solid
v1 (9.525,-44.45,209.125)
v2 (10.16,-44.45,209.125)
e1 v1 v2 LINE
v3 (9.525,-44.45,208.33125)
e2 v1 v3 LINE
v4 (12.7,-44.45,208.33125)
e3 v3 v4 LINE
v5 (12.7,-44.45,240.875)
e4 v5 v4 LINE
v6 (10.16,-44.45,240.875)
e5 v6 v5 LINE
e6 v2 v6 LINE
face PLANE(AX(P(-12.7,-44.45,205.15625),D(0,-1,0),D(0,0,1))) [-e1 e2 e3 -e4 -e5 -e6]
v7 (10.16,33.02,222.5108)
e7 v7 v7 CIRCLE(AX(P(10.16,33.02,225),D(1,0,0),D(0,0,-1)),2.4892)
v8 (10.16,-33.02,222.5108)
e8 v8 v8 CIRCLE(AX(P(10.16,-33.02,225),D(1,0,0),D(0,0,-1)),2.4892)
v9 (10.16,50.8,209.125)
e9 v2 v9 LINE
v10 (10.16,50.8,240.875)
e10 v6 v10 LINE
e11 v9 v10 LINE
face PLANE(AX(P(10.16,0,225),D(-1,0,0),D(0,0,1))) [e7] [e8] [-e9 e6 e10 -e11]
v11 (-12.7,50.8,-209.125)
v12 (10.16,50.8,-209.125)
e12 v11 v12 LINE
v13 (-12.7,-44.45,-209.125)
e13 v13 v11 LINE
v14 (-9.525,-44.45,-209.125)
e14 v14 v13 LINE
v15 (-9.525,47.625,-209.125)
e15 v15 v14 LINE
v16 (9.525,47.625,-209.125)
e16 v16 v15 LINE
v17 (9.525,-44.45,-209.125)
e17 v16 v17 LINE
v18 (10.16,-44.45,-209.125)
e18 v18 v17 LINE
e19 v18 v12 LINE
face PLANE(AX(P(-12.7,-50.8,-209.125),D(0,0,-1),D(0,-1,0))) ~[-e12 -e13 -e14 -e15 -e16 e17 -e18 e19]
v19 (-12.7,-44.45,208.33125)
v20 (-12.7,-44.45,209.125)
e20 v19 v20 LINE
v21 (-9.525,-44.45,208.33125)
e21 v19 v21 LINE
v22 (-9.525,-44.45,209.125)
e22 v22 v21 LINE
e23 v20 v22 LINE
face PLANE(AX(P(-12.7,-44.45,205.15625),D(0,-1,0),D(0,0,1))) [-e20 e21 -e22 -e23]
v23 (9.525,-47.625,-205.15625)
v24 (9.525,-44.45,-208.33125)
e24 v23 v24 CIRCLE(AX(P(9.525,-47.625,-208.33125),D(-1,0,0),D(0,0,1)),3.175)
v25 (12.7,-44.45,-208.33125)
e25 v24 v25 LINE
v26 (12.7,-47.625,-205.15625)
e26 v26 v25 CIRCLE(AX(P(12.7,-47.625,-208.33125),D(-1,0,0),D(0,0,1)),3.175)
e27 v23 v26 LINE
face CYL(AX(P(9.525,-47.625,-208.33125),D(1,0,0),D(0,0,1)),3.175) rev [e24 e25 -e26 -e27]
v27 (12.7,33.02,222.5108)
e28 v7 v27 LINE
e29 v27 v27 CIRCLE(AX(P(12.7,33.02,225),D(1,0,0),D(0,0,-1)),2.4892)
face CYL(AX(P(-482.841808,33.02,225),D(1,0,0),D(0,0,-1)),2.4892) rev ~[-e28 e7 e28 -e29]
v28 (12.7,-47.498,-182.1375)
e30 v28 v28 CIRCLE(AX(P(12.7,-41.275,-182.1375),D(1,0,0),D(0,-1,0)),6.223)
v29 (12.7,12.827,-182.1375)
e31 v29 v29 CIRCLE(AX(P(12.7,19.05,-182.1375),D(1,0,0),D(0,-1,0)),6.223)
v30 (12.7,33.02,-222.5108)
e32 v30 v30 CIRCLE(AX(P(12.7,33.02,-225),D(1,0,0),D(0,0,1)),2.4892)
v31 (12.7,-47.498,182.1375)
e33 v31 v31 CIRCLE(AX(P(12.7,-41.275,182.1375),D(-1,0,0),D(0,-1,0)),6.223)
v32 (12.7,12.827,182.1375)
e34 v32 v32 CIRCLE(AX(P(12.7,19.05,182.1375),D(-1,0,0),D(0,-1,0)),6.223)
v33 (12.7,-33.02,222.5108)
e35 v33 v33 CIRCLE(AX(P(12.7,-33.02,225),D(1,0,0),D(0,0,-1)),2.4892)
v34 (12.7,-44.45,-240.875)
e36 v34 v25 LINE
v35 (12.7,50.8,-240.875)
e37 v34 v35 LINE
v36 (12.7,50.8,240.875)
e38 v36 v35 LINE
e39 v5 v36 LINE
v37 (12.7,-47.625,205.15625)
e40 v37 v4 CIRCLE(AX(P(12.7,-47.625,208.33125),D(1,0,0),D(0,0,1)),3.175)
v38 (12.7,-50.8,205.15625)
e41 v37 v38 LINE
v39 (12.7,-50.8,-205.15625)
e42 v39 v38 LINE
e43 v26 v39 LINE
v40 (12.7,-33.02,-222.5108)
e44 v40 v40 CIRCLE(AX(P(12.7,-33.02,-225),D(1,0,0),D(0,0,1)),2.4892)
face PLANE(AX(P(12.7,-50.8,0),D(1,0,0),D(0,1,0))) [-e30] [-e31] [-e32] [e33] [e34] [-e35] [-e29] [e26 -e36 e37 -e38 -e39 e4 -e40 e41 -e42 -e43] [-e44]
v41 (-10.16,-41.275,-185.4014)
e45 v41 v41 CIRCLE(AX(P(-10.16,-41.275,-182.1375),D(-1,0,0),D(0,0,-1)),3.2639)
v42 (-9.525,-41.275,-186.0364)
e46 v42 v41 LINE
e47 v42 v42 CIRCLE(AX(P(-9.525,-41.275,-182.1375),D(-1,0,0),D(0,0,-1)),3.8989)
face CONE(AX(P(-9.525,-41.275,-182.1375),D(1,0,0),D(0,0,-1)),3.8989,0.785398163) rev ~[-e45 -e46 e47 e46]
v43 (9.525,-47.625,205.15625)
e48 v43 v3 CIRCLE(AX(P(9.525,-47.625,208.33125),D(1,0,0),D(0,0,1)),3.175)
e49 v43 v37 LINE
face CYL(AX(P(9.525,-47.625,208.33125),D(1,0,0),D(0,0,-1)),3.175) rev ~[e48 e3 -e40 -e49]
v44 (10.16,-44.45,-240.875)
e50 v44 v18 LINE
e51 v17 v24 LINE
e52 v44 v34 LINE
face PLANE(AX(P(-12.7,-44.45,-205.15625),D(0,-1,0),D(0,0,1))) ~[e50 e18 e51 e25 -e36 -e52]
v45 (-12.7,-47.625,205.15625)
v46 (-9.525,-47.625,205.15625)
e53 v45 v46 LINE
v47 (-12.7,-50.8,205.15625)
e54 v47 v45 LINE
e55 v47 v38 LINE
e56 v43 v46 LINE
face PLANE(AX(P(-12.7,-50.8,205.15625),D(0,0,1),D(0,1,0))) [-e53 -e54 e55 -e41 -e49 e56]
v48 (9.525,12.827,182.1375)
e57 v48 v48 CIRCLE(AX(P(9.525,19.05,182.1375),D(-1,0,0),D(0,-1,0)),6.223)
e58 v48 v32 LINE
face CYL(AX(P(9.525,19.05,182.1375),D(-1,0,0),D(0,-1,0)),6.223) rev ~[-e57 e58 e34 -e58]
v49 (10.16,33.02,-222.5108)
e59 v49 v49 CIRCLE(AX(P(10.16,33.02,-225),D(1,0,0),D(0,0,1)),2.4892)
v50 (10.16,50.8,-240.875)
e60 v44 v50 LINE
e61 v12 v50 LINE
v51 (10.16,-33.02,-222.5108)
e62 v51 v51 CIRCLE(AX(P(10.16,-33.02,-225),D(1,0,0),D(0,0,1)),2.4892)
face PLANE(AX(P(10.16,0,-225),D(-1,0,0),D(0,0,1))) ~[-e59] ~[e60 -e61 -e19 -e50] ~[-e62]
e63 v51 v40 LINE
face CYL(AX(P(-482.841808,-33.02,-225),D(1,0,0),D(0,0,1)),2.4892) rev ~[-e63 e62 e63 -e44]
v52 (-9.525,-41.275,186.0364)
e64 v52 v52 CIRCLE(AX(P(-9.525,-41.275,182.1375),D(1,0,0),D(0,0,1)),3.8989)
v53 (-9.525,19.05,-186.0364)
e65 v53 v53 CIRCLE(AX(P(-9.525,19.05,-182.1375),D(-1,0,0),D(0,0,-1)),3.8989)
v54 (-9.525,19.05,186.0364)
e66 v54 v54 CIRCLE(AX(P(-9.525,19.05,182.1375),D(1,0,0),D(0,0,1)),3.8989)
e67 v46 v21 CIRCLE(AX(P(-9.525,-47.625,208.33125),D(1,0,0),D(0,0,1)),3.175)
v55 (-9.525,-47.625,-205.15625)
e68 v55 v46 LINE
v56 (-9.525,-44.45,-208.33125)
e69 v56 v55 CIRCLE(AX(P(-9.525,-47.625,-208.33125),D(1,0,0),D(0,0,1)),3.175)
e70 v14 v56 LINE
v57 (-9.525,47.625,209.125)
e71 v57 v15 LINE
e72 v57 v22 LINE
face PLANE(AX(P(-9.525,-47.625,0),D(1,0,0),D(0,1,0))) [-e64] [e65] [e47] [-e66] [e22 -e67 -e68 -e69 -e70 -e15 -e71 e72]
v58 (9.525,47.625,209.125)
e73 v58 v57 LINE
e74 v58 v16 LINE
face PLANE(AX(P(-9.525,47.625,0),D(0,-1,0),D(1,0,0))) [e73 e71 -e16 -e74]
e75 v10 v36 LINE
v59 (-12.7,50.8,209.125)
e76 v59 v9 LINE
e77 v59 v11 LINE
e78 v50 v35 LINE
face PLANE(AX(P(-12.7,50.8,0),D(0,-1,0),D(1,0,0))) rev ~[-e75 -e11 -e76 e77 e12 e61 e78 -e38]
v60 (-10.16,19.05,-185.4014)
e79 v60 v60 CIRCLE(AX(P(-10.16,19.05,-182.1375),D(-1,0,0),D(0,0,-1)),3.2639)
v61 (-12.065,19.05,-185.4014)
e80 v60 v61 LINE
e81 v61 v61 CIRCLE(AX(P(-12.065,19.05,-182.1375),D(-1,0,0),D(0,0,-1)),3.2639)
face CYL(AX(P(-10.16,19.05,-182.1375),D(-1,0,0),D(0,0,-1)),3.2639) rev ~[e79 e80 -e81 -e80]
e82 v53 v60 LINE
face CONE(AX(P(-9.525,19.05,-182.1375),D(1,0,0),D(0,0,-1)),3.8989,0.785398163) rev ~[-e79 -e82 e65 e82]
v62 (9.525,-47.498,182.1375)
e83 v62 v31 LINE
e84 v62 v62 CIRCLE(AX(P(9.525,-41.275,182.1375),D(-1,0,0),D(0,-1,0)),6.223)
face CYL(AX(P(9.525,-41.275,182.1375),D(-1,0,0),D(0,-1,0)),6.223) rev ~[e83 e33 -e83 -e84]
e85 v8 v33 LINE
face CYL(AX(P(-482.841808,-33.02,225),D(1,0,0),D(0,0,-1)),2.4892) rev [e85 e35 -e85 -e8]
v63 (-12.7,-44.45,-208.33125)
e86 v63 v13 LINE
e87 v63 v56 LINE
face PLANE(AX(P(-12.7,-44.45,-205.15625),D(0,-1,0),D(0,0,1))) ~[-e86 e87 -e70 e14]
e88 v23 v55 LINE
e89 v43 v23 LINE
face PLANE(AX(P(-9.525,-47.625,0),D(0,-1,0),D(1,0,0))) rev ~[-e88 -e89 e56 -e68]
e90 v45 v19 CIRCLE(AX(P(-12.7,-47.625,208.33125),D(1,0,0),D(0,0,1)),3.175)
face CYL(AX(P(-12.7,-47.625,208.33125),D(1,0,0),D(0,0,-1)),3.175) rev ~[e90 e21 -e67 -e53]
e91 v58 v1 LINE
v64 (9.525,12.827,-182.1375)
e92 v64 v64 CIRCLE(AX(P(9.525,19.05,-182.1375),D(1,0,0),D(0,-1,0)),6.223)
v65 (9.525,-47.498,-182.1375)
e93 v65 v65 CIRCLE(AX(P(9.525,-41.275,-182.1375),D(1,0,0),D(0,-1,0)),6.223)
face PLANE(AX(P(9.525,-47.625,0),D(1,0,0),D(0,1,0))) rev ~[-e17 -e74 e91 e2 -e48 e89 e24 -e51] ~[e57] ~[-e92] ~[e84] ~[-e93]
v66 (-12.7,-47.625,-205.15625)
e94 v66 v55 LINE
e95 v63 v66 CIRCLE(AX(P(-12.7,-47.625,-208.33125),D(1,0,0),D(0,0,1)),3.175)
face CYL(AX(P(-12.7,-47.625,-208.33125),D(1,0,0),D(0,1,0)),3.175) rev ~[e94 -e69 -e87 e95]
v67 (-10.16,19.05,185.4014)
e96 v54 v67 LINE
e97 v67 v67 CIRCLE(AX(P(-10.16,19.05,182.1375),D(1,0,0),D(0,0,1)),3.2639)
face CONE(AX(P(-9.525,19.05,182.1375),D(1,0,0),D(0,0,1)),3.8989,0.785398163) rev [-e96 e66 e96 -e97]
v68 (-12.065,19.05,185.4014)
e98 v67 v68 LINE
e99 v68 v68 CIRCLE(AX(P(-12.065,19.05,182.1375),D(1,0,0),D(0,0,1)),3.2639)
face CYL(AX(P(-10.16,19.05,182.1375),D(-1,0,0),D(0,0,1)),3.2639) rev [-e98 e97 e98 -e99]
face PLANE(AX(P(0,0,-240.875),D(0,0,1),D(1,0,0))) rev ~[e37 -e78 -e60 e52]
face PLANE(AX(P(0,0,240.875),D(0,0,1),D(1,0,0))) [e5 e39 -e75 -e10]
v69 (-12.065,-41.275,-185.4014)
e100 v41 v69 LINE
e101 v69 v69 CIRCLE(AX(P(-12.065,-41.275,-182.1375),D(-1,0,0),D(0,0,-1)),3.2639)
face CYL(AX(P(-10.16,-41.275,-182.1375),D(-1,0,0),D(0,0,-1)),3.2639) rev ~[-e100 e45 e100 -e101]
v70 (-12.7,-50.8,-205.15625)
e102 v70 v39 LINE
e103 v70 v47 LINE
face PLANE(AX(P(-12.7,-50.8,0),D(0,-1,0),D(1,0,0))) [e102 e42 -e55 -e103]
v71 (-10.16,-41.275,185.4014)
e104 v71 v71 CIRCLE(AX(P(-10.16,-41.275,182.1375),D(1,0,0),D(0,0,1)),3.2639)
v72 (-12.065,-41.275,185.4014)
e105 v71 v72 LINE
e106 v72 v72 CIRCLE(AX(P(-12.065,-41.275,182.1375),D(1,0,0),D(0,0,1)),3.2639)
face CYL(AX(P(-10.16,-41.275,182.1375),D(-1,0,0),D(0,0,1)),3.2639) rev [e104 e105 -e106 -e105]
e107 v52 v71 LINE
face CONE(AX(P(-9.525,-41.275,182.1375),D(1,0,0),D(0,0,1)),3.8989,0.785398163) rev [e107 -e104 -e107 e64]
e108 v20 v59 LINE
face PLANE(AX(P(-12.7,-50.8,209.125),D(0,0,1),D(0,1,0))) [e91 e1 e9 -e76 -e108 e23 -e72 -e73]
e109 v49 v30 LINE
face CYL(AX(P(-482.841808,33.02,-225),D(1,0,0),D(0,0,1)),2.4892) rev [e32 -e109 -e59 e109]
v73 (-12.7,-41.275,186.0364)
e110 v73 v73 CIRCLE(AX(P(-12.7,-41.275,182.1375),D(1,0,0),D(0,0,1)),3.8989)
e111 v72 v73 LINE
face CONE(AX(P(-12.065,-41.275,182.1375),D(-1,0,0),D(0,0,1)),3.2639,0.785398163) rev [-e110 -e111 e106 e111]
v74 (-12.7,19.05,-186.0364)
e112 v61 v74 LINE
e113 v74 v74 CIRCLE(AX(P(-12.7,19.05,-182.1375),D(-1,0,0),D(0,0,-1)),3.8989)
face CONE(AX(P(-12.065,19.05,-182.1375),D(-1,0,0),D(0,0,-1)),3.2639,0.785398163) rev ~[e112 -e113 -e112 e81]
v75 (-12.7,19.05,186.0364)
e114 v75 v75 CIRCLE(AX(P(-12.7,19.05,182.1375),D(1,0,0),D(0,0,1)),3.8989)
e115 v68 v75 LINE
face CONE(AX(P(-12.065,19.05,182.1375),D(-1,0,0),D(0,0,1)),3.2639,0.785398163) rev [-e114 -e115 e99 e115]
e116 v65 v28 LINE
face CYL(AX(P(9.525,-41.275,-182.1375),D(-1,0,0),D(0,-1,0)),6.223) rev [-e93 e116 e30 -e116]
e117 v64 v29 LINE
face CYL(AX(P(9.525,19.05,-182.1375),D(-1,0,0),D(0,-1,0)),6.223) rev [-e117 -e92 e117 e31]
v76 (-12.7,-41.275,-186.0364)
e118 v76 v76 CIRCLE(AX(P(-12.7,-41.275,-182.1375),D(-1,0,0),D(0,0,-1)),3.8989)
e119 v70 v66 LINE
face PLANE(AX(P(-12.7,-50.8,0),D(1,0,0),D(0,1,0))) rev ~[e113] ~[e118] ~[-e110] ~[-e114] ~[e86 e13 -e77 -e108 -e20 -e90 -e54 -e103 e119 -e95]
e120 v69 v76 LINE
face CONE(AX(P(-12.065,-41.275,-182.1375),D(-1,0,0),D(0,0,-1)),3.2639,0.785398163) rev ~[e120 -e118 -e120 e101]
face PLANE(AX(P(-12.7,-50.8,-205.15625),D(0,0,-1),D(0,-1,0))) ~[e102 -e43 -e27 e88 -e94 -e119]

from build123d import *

# Parameters (mm, degrees)
SKETCH1_W                        = 25.4
SKETCH1_H                        = 101.6
SKETCH1_W_2                      = 19.05
SKETCH1_H_2                      = 95.25
EXTRUDE_THIN1_DEPTH              = 240.875
SKETCH2_W                        = 31.75
SKETCH2_H                        = 101.6
CUT_EXTRUDE1_DEPTH               = 22.86
SKETCH3_W                        = 35.71875
SKETCH3_H                        = 6.35
CUT_EXTRUDE2_DEPTH               = 26.4
F_10_CLEARANCE_HOLE1_D           = 4.9784
MIRROR2_COPY_1_D                 = 4.9784
FILLET1_R                        = 3.175
SKETCH7_R                        = 6.223
CUT_EXTRUDE3_DEPTH               = 3.175
F_1_4_CLEARANCE_HOLE1_AT_2_COUNT = 2
F_1_4_CLEARANCE_HOLE1_AT_2_PITCH = 60.325


with BuildPart() as part:
    # Sketch1 → Extrude-Thin1 (new body, symmetric)
    with BuildSketch(Plane.XY):
        Rectangle(SKETCH1_W, SKETCH1_H)
        Rectangle(SKETCH1_W_2, SKETCH1_H_2, mode=Mode.SUBTRACT)
    extrude(amount=EXTRUDE_THIN1_DEPTH, both=True)

    # Sketch2 → Cut-Extrude1 (cut)
    with BuildSketch(Plane.ZY.offset(12.7)):
        with Locations((225, 0)):
            Rectangle(SKETCH2_W, SKETCH2_H)
    cut_extrude1 = extrude(amount=-CUT_EXTRUDE1_DEPTH, mode=Mode.SUBTRACT)

    # Sketch3 → Cut-Extrude2 (cut, through all)
    with BuildSketch(Plane.ZY.offset(12.7)):
        with Locations((223.015625, -47.625)):
            Rectangle(SKETCH3_W, SKETCH3_H)
    cut_extrude2 = extrude(amount=-CUT_EXTRUDE2_DEPTH, mode=Mode.SUBTRACT)

    # #10 Clearance Hole1 (through all)
    with Locations(Plane.ZY.offset(-10.16)):
        with Locations((225, 33.02)):
            f_10_clearance_hole1 = Hole(F_10_CLEARANCE_HOLE1_D / 2)

    # Mirror1: #10 Clearance Hole1 across plane
    add(f_10_clearance_hole1.mirror(Plane.ZX), mode=Mode.SUBTRACT)

    # Mirror2: Cut-Extrude1, Cut-Extrude2, #10 Clearance Hole1 across plane
    add(cut_extrude1.mirror(Plane.XY), mode=Mode.SUBTRACT)
    add(cut_extrude2.mirror(Plane.XY), mode=Mode.SUBTRACT)
    add(f_10_clearance_hole1.mirror(Plane.XY), mode=Mode.SUBTRACT)

    # Mirror2 copy 1 (through all)
    with Locations(Plane(origin=(10.16, 0, 0), x_dir=(0, 0, -1), z_dir=(-1, 0, 0))):
        with Locations((225, 33.02)):
            Hole(MIRROR2_COPY_1_D / 2)

    # Fillet1
    fillet1_edges = [part.edges().sort_by_distance(p)[0] for p in [
        (11.1125, -44.45, 205.15625),
        (-11.1125, -44.45, 205.15625),
        (-11.1125, -44.45, -205.15625),
        (11.1125, -44.45, -205.15625),
    ]]
    fillet(fillet1_edges, radius=FILLET1_R)

    # Sketch7 → Cut-Extrude3 (cut)
    with BuildSketch(Plane.ZY.offset(-9.525)):
        with Locations(Location((182.1375, -41.275, 0), (0, 0, 270))):  # turned: the seam where the file's is
            Circle(SKETCH7_R)
        with Locations(Location((182.1375, 19.05, 0), (0, 0, 270))):  # turned: the seam where the file's is
            Circle(SKETCH7_R)
    cut_extrude3 = extrude(amount=-CUT_EXTRUDE3_DEPTH, mode=Mode.SUBTRACT)

    # Sketch8 → 1/4 Clearance Hole1 (revolve, cut)
    with BuildSketch(Plane(origin=(-12.7, 19.05, 182.1375), x_dir=(0, 0, 1), z_dir=(0, 1, 0))):
        Polygon((0, 0), (0, 3.175), (3.8989, 3.175), (3.2639, 2.54), (3.2639, 0.635), (3.8989, 0), align=None)
    f_1_4_clearance_hole1 = revolve(axis=Axis((-19.05, 19.05, 182.1375), (1, 0, 0)), mode=Mode.SUBTRACT)

    # 1/4 Clearance Hole1 at 2: 1/4 Clearance Hole1 ×2
    with Locations(*[(0, -i * F_1_4_CLEARANCE_HOLE1_AT_2_PITCH, 0) for i in range(1, F_1_4_CLEARANCE_HOLE1_AT_2_COUNT)]):
        add(f_1_4_clearance_hole1, mode=Mode.SUBTRACT)

    # Mirror3: Cut-Extrude3, 1/4 Clearance Hole1 across plane
    add(cut_extrude3.mirror(Plane.XY), mode=Mode.SUBTRACT)
    add(f_1_4_clearance_hole1.mirror(Plane.XY), mode=Mode.SUBTRACT)

    # Mirror3 copy 1 sketch → Mirror3 copy 1 (revolve, cut)
    with BuildSketch(Plane(origin=(-12.7, -41.275, -182.1375), x_dir=(0, 0, -1), z_dir=(0, 1, 0))):
        Polygon((0, 0), (0, -3.175), (3.8989, -3.175), (3.2639, -2.54), (3.2639, -0.635), (3.8989, 0), align=None)
    revolve(axis=Axis((-19.05, -41.275, -182.1375), (-1, 0, 0)), mode=Mode.SUBTRACT)


solid = part.part
